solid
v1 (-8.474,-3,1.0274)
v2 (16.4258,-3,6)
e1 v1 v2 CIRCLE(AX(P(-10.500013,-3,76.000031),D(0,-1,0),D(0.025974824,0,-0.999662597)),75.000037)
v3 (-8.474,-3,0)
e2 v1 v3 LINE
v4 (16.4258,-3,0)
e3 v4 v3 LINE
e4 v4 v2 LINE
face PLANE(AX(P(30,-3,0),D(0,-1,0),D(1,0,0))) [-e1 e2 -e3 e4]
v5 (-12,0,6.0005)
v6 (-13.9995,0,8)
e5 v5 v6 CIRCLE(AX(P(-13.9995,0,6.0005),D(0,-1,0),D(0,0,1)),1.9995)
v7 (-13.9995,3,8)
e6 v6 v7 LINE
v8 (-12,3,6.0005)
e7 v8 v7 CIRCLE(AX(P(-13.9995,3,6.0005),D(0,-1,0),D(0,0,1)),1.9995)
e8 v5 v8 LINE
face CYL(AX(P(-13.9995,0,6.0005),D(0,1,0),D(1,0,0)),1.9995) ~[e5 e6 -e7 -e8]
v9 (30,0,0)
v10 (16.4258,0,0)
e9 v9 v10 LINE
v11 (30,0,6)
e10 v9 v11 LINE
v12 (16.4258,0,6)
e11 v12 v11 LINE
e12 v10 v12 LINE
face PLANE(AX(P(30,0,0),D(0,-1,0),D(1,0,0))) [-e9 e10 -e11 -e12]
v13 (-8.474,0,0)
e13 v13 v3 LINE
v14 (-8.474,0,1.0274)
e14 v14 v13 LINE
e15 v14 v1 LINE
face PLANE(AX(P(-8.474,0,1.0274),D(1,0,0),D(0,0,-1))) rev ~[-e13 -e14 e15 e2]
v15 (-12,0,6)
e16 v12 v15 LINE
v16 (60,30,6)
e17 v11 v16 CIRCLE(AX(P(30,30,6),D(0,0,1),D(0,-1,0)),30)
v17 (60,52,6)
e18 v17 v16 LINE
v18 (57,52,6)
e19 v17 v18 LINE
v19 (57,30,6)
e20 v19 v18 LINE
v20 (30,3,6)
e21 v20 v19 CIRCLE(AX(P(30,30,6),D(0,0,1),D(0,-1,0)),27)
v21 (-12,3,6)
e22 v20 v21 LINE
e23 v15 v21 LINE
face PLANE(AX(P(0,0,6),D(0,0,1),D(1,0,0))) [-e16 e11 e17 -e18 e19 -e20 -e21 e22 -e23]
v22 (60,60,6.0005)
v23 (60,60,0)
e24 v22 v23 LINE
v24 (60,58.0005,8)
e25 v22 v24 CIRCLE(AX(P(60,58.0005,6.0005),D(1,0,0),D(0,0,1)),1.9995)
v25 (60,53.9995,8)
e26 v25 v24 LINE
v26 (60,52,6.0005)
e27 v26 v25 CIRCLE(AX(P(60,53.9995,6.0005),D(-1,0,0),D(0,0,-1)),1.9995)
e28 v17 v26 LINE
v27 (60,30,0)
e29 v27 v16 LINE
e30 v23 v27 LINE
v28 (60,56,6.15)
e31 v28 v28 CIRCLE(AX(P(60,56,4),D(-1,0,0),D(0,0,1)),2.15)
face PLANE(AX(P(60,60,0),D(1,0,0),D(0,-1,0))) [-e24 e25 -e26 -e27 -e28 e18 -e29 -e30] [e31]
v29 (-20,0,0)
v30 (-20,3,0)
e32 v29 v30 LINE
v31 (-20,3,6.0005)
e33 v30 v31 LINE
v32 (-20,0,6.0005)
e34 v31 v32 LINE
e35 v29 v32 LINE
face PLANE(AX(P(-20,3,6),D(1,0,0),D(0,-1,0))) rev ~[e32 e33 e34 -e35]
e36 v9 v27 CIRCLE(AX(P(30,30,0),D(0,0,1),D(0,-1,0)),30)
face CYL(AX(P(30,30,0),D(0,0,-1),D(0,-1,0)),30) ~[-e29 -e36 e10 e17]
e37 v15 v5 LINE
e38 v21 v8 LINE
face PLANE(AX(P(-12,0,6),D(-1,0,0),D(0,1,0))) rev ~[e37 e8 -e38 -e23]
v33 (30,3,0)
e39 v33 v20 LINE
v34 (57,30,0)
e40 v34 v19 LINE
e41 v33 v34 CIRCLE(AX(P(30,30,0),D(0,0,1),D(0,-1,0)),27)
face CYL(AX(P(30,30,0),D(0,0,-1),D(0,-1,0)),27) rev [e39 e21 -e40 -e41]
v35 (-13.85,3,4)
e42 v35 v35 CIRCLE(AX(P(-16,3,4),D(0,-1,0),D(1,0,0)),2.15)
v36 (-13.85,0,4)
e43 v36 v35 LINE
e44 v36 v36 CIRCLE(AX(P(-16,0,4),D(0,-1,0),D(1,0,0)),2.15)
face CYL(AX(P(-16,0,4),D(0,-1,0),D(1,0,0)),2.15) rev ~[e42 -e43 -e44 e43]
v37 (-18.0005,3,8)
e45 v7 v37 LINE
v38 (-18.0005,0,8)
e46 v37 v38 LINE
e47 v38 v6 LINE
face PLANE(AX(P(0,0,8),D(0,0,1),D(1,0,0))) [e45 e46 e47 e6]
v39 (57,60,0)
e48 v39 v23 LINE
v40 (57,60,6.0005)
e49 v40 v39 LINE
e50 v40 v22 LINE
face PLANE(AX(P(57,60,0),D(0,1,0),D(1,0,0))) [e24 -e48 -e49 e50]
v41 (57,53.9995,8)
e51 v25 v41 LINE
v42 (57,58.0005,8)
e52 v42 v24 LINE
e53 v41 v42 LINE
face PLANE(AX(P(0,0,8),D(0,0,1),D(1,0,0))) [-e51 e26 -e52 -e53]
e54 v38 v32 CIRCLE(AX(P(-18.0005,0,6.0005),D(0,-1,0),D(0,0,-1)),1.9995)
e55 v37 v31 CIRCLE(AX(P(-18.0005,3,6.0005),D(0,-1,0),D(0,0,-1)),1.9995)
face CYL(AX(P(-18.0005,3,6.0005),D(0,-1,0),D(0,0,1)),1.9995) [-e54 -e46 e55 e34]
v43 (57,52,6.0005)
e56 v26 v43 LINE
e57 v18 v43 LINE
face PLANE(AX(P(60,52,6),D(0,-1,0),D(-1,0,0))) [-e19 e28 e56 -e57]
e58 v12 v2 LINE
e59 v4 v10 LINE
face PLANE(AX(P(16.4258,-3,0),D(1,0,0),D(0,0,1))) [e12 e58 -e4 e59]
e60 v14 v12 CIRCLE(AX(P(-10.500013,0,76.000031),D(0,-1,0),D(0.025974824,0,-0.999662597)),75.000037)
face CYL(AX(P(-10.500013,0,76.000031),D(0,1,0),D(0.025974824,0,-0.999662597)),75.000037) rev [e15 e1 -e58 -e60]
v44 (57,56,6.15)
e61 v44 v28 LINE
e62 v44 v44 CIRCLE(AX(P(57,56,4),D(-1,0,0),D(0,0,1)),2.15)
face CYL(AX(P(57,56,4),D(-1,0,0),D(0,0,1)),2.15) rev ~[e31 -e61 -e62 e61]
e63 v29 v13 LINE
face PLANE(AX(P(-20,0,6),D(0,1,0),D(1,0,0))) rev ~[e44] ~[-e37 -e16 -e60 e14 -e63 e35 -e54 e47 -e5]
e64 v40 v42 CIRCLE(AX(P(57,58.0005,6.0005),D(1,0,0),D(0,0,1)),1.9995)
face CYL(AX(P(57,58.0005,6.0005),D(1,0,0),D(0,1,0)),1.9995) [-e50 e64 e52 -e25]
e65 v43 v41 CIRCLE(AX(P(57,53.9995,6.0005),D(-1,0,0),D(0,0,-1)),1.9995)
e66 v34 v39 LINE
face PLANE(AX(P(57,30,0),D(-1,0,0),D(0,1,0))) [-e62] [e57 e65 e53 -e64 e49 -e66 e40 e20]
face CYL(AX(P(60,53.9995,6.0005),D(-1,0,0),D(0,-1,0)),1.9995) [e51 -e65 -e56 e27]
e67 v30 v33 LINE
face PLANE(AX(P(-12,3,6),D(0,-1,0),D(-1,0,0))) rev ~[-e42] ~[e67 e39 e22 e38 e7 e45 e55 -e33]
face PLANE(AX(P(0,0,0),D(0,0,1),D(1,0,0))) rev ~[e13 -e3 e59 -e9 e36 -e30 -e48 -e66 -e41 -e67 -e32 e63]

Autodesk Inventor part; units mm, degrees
ref_plane "YZ Plane" through (0, 0, 0) normal (1, 0, 0) x (0, 1, 0)
ref_plane "XZ Plane" through (0, 0, 0) normal (0, 1, 0) x (-1, 0, 0)
ref_plane "XY Plane" through (0, 0, 0) normal (0, 0, 1) x (1, 0, 0)
sketch "Sketch1" plane through (0, 0, 0) normal (0, 0, 1) x (1, 0, 0)
  line L0 (0, 0) -> (60, 0) construction
  line L1 (60, 0) -> (60, 60) construction
  line L2 (60, 60) -> (0, 60) construction
  line L3 (0, 3) -> (0, 0)
  line L4 (57, 60) -> (60, 60)
  line L5 (60, 60) -> (60, 30)
  line L6 (60, 0) -> (30, 0) construction
  line L7 (30, 0) -> (30, 30) construction
  line L8 (30, 30) -> (60, 30) construction
  line L9 (60, 30) -> (60, 0) construction
  arc A0 (30, 3) -> (57, 30) centre (30, 30) ccw
  line L10 (30, 3) -> (0, 3)
  line L11 (0, 0) -> (30, 0)
  line L12 (57, 30) -> (57, 60)
  line L13 (0, 60) -> (0, 30) construction
  line L14 (0, 3) -> (0, 0) construction
  arc A1 (30, 0) -> (60, 30) centre (30, 30) ccw
  arc A2 (30, 60) -> (0, 30) centre (30, 30) ccw
  dimension "d0" = 60
  dimension "d1" = 60
  dimension "d3" = 3
  dimension "d6" = 30
extrude "Extrusion2" add sketch "Sketch1" along normal blind 6
sketch "Sketch4" plane through (0, 0, 6) normal (0, 0, 1) x (1, 0, 0)
  line L0 (60, 30) -> (60, 60) projected
  line L1 (57, 60) -> (60, 60)
  line L2 (60, 60) -> (60, 52)
  line L3 (60, 52) -> (57, 52)
  line L4 (57, 52) -> (57, 60)
  point P0 (0, 0)
  dimension "d16" = 8
extrude "Extrusion5" add sketch "Sketch4" along normal blind 2
sketch "Sketch5" plane through (57, 30, 0) normal (-1, 0, 0) x (0, 0, 1)
  circle A0 centre (4, 26) radius 2.15
  point P0 (0, -30)
  dimension "d19" = 4.3
extrude "Extrusion6" cut sketch "Sketch5" against normal through all
fillet "Fillet1" radius 2 2 edges at (58.5, 52, 8) (58.5, 60, 8)
sketch "Sketch8" plane through (0, 0, 0) normal (0, 0, 1) x (1, 0, 0)
  line L0 (0, 0) -> (-20, 0)
  line L1 (-20, 0) -> (-20, 3)
  line L2 (-20, 3) -> (0, 3)
  line L3 (0, 3) -> (0, 0)
  dimension "d32" = 20
  dimension "d33" = 3
extrude "Extrusion9" add sketch "Sketch8" along normal blind 6
sketch "Sketch9" plane through (0, 0, 6) normal (0, 0, 1) x (1, 0, 0)
  line L0 (-20, 3) -> (-20, 0) projected
  line L1 (-20, 0) -> (-12, 0)
  line L2 (-12, 0) -> (-12, 3)
  line L3 (-12, 3) -> (-20, 3)
  line L4 (-20, 3) -> (-20, 0)
  dimension "d36" = 8
extrude "Extrusion10" add sketch "Sketch9" along normal blind 2
sketch "Sketch11" plane through (30, 0, 0) normal (0, -1, 0) x (1, 0, 0)
  circle A0 centre (-46, 4) radius 2.15
  point P0 (-30, 0)
  dimension "d43" = 4.3
extrude "Extrusion12" cut sketch "Sketch11" against normal through all
fillet "Fillet3" radius 2 2 edges at (-20, 1.5, 8) (-12, 1.5, 8)
sketch "Sketch12" plane through (30, 0, 0) normal (0, -1, 0) x (1, 0, 0)
  line L0 (-48, 8) -> (-44, 8) projected
  line L1 (0, 0) -> (-50, 0) projected
  line L2 (0, 0) -> (0, 6) projected
  line L3 (-42, 6) -> (0, 6) projected
  arc A0 (-38.5519, 1.0253) -> (34.1434, 68.6948) centre (-40.5, 76) ccw projected
  line L4 (-38.474, 1.0274) -> (-38.474, 0)
  line L5 (-13.5742, 6) -> (-13.5742, 2.7948)
  arc A1 (-38.5519, 1.0253) -> (34.1434, 68.6948) centre (-40.5, 76) ccw projected
  arc A2 (-2.2901, 8) -> (37.1291, 68.4026) centre (-40.5, 76) ccw
  line L6 (-30.8178, 0) -> (-22.9501, 0)
  line L7 (-13.5742, 2.7948) -> (-13.5742, 6)
  line L8 (-13.5742, 2.4368) -> (-13.5742, 6)
  arc A3 (-38.474, 1.0274) -> (-13.5742, 6) centre (-40.5, 76) ccw
  line L9 (-38.474, 0) -> (-22.9501, 0)
  line L10 (-38.474, 1.2893) -> (-38.474, 0)
  line L11 (-19.033, 0) -> (-41.5355, 0)
  line L12 (-13.5742, 6) -> (-13.5742, 0)
  line L13 (-13.5742, 0) -> (-24.5114, 0)
  point P0 (-30, 0)
extrude "Extrusion13" add sketch "Sketch12" along normal blind 3
sketch "Sketch13" plane through (30, -3, 0) normal (0, -1, 0) x (1, 0, 0)
  line L0 (0, 0) -> (-13.5742, 0)
  line L1 (-13.5742, 0) -> (-13.5742, 6)
  line L2 (-13.5742, 6) -> (0, 6)
  line L3 (0, 6) -> (0, 0)
  point P0 (-30, 0)
extrude "Extrusion14" cut sketch "Sketch13" against normal blind 3
properties part number "FrontNetHook"
